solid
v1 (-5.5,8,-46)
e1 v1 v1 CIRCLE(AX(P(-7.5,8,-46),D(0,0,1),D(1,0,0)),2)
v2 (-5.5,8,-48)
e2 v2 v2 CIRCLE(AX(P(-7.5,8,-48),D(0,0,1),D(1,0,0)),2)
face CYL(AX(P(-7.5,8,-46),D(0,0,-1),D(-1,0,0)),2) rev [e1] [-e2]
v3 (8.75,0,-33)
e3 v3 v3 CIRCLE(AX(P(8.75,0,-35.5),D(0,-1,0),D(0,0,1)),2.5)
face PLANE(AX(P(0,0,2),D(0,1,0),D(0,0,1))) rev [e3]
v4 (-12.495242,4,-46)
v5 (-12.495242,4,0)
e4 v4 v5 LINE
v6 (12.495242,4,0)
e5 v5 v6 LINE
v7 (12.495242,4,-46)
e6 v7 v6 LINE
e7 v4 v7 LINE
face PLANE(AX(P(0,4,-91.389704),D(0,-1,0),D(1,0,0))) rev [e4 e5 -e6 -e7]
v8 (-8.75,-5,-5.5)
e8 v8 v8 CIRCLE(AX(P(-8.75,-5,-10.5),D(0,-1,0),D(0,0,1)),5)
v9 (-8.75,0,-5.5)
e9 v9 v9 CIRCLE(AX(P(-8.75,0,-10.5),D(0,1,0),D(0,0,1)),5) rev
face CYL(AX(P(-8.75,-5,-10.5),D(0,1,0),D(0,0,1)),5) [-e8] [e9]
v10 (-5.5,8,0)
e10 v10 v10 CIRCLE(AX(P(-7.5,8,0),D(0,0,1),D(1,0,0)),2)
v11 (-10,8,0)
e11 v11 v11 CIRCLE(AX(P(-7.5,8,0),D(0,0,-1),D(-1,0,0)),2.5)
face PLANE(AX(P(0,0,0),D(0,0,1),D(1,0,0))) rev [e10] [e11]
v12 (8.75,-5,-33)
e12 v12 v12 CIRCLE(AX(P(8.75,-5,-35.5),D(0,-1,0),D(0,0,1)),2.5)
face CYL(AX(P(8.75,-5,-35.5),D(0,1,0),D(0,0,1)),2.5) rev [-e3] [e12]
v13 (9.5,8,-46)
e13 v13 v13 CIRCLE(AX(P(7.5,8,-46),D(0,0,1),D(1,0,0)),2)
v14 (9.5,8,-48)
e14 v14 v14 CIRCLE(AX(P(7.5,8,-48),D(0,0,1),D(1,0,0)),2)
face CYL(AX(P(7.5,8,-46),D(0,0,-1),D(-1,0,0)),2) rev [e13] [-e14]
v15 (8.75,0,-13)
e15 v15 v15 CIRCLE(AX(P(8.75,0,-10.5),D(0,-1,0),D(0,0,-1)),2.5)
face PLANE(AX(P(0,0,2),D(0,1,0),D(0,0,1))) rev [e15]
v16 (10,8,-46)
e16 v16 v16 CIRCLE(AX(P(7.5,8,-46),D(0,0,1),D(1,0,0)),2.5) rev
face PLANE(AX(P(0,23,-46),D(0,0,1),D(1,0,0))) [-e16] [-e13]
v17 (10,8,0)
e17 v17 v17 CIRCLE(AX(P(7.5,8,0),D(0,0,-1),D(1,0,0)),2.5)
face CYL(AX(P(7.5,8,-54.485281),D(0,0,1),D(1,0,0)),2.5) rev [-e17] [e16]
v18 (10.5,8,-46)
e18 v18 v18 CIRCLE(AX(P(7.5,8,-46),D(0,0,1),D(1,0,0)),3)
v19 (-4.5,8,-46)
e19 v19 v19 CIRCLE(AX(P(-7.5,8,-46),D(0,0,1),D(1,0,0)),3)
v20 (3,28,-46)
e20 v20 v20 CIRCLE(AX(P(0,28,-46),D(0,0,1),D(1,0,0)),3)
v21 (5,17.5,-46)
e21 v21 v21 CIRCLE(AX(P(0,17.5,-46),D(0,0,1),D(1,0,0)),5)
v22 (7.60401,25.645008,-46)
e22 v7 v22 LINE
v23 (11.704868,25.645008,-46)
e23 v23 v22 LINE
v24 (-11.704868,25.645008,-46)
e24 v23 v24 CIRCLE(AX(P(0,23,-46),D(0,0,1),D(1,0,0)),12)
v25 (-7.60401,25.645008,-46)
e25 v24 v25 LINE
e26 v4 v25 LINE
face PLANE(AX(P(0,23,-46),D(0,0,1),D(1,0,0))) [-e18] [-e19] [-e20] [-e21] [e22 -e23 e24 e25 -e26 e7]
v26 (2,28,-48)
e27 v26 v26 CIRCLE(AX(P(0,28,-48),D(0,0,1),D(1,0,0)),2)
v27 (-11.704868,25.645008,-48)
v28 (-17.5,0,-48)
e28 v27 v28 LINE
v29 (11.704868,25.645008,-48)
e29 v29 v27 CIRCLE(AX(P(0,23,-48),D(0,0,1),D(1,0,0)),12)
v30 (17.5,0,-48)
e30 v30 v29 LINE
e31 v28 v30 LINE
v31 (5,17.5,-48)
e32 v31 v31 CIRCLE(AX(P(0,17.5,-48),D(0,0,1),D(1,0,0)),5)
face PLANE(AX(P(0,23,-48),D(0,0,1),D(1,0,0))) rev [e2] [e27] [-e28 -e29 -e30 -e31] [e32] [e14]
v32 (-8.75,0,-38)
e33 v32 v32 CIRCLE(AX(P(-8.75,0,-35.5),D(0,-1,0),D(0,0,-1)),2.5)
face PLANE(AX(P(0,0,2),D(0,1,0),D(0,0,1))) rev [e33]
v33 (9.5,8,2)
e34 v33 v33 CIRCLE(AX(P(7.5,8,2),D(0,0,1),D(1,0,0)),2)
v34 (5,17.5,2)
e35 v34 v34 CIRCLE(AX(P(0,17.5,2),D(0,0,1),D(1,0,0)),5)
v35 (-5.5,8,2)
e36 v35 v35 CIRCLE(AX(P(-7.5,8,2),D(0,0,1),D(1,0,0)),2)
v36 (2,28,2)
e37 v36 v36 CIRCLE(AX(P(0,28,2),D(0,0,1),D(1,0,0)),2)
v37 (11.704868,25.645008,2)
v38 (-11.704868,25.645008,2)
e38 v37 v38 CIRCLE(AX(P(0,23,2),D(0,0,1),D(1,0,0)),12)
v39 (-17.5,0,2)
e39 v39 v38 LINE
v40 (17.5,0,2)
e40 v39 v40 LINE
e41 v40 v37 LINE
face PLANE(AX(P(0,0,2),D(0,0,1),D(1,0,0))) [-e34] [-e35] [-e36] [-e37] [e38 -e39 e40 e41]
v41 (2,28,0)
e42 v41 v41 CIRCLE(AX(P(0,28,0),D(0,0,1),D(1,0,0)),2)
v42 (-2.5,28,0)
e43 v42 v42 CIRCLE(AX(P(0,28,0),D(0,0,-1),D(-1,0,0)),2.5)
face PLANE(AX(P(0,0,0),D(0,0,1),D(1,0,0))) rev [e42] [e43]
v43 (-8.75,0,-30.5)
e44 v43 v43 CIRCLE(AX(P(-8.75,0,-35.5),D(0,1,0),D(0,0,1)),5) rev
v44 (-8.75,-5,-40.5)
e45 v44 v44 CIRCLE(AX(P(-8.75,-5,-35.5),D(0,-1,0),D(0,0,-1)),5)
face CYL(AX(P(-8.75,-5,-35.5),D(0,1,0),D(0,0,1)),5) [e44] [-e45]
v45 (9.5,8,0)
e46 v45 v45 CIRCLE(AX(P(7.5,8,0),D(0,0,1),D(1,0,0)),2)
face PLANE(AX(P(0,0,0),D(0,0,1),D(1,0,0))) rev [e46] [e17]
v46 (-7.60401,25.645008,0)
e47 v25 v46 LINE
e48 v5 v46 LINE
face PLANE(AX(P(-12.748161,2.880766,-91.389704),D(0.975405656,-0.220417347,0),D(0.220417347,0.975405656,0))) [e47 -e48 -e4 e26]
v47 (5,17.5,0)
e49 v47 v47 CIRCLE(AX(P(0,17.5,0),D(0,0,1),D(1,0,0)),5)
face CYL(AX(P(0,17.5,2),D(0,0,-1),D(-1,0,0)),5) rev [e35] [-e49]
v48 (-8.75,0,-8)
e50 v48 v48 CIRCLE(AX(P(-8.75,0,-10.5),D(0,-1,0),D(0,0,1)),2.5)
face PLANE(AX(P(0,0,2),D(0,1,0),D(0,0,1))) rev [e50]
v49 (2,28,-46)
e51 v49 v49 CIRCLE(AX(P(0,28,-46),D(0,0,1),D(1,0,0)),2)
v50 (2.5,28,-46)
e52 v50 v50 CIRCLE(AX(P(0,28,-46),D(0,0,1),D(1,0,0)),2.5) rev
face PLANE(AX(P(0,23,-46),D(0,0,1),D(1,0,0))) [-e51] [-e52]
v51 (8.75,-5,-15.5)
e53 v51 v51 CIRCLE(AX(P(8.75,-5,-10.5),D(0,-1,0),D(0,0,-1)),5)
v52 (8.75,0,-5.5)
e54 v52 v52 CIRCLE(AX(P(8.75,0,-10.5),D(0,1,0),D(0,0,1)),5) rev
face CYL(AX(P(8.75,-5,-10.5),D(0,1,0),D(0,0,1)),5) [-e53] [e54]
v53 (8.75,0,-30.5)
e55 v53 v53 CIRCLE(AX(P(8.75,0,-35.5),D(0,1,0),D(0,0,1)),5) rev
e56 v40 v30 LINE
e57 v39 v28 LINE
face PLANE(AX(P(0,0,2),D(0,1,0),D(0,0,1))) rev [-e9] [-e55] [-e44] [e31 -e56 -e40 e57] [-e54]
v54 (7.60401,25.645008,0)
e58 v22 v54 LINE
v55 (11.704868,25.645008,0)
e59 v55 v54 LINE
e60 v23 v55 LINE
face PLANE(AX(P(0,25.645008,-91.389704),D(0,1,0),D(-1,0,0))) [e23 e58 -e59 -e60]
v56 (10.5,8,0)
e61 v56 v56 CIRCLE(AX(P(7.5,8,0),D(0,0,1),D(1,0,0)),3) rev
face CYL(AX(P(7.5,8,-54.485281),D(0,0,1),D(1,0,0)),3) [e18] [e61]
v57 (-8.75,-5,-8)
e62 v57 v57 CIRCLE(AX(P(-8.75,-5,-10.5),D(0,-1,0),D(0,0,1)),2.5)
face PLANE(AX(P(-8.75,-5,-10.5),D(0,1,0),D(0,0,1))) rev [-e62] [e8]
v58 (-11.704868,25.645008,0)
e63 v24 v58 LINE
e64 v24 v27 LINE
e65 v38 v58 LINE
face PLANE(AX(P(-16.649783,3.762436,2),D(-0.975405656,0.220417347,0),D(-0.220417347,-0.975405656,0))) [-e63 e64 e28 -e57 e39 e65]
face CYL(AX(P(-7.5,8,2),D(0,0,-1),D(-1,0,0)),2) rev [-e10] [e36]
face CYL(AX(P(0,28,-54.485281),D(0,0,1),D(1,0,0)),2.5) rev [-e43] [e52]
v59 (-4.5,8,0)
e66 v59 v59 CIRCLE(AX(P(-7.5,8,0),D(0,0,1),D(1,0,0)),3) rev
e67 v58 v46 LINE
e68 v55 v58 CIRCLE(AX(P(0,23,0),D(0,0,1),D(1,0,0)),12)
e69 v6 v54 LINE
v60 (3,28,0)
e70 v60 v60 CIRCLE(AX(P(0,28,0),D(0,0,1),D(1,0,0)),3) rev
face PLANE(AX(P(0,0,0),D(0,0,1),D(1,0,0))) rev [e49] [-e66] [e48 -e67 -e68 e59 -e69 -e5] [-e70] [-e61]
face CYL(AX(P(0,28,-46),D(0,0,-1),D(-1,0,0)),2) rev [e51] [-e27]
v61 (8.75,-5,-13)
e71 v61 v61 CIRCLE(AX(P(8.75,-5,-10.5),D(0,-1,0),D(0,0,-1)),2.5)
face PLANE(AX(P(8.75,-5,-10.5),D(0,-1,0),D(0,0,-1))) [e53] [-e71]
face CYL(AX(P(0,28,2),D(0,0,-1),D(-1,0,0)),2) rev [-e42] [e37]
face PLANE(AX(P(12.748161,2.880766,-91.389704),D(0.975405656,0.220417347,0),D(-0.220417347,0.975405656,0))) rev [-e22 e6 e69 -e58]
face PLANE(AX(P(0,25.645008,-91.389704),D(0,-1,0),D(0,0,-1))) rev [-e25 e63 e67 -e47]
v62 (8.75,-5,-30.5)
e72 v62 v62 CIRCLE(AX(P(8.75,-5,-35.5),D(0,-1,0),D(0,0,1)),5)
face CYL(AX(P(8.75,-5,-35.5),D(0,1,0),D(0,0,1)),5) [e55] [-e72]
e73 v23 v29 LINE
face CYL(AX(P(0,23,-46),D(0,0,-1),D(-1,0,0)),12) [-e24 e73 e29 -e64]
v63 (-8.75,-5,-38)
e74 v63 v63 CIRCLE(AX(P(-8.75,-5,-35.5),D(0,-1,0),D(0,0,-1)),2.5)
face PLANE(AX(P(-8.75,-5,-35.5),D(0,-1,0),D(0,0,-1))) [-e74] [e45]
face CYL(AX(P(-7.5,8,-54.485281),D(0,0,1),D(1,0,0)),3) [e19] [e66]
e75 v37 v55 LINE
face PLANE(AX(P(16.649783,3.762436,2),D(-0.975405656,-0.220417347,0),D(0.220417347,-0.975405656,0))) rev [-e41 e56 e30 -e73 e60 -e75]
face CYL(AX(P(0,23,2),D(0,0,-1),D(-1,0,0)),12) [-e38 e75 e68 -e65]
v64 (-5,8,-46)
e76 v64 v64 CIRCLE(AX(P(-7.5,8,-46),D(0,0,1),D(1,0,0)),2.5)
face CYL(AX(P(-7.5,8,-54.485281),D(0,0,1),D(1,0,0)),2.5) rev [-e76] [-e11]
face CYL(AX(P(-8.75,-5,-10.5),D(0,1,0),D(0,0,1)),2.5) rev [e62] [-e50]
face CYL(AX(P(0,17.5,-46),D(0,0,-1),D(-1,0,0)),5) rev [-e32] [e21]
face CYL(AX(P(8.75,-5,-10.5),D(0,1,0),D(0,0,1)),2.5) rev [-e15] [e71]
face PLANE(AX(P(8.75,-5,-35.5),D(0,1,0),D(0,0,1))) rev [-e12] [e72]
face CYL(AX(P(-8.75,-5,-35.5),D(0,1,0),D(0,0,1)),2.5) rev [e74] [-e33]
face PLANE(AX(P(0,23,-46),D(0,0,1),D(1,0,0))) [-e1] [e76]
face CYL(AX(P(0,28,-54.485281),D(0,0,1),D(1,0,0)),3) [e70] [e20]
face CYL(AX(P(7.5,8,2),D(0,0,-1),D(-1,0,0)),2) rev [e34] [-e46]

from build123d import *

# Parameters (mm, degrees)
SKETCH1_R           = 5
SKETCH1_R_2         = 2
BOSS_EXTRUDE1_DEPTH = 2
SKETCH2_R           = 2
SKETCH2_R_2         = 5
BOSS_EXTRUDE2_DEPTH = 2
SKETCH4_R           = 3
SKETCH4_R_2         = 2.5
BOSS_EXTRUDE4_DEPTH = 46
BOSS_EXTRUDE5_REACH = 63.929
SKETCH8_R           = 5
SKETCH8_R_2         = 2.5
BOSS_EXTRUDE6_DEPTH = 5


with BuildPart() as part:
    # Sketch1 → Boss-Extrude1 (new body)
    with BuildSketch(Plane.XY):
        with BuildLine():
            Line((-17.5, 0), (17.5, 0))
            Line((17.5, 0), (11.704867869, 25.645008161))
            ThreePointArc((11.704867869, 25.645008161), (0, 35), (-11.704867869, 25.645008161))
            Line((-11.704867869, 25.645008161), (-17.5, 0))
        make_face()
        with Locations((0, 17.5)):
            Circle(SKETCH1_R, mode=Mode.SUBTRACT)
        with Locations((7.5, 8)):
            Circle(SKETCH1_R_2, mode=Mode.SUBTRACT)
        with Locations((-7.5, 8)):
            Circle(SKETCH1_R_2, mode=Mode.SUBTRACT)
        with Locations((0, 28)):
            Circle(SKETCH1_R_2, mode=Mode.SUBTRACT)
    extrude(amount=BOSS_EXTRUDE1_DEPTH)



with BuildPart() as body_2:
    # Sketch2 → Boss-Extrude2 (new body)
    with BuildSketch(Plane.XY.offset(-48)):
        with BuildLine():
            Line((17.5, 0), (11.704867869, 25.645008161))
            ThreePointArc((11.704867869, 25.645008161), (0, 35), (-11.704867869, 25.645008161))
            Line((-11.704867869, 25.645008161), (-17.5, 0))
            Line((-17.5, 0), (17.5, 0))
        make_face()
        with Locations((-7.5, 8)):
            Circle(SKETCH2_R, mode=Mode.SUBTRACT)
        with Locations((7.5, 8)):
            Circle(SKETCH2_R, mode=Mode.SUBTRACT)
        with Locations((0, 17.5)):
            Circle(SKETCH2_R_2, mode=Mode.SUBTRACT)
        with Locations((0, 28)):
            Circle(SKETCH2_R, mode=Mode.SUBTRACT)
    extrude(amount=BOSS_EXTRUDE2_DEPTH)


with BuildPart() as part_1:
    add(part.part)

    add(body_2.part)  # Boss-Extrude4 merges body 2
    # Sketch4 → Boss-Extrude4 (add)
    # profile 1 of 3: a face of its own
    with BuildSketch(Plane(origin=(0, 0, 0), x_dir=(-1, 0, 0), z_dir=(0, 0, -1))):
        with Locations(Location((7.5, 8, 0), (0, 0, 180))):
            Circle(SKETCH4_R)
        with Locations(Location((7.5, 8, 0), (0, 0, 180))):
            Circle(SKETCH4_R_2, mode=Mode.SUBTRACT)
    # profile 2 of 3: a face of its own
    with BuildSketch(Plane(origin=(0, 0, 0), x_dir=(-1, 0, 0), z_dir=(0, 0, -1))):
        with Locations(Location((0, 28, 0), (0, 0, 180))):
            Circle(SKETCH4_R)
        with Locations(Location((0, 28, 0), (0, 0, 180))):
            Circle(SKETCH4_R_2, mode=Mode.SUBTRACT)
    # profile 3 of 3: a face of its own
    with BuildSketch(Plane(origin=(0, 0, 0), x_dir=(-1, 0, 0), z_dir=(0, 0, -1))):
        with Locations(Location((-7.5, 8, 0), (0, 0, 180))):
            Circle(SKETCH4_R)
        with Locations(Location((-7.5, 8, 0), (0, 0, 180))):
            Circle(SKETCH4_R_2, mode=Mode.SUBTRACT)
    extrude(amount=BOSS_EXTRUDE4_DEPTH)

    # Sketch3 → Boss-Extrude5 (add, up to next)
    with BuildSketch(Plane(origin=(0, 0, 0), x_dir=(-1, 0, 0), z_dir=(0, 0, -1)), mode=Mode.PRIVATE) as boss_extrude5_sk1:
        Polygon((12.495241869, 4), (16.59609978, 4), (11.704867869, 25.645008161), (7.604009958, 25.645008161), align=None)
    boss_extrude5_tool1 = extrude(boss_extrude5_sk1.sketch, amount=BOSS_EXTRUDE5_REACH, mode=Mode.PRIVATE) - part_1.part
    # Sketch3 → Boss-Extrude5 (add, up to next)
    with BuildSketch(Plane(origin=(0, 0, 0), x_dir=(-1, 0, 0), z_dir=(0, 0, -1)), mode=Mode.PRIVATE) as boss_extrude5_sk2:
        Polygon((-16.59609978, 4), (-12.495241869, 4), (-7.604009958, 25.645008161), (-11.704867869, 25.645008161), align=None)
    boss_extrude5_tool2 = extrude(boss_extrude5_sk2.sketch, amount=BOSS_EXTRUDE5_REACH, mode=Mode.PRIVATE) - part_1.part
    # Sketch3 → Boss-Extrude5 (add, up to next)
    with BuildSketch(Plane(origin=(0, 0, 0), x_dir=(-1, 0, 0), z_dir=(0, 0, -1)), mode=Mode.PRIVATE) as boss_extrude5_sk3:
        Polygon((17.5, 0), (16.59609978, 4), (12.495241869, 4), (-12.495241869, 4), (-16.59609978, 4), (-17.5, 0), align=None)
    boss_extrude5_tool3 = extrude(boss_extrude5_sk3.sketch, amount=BOSS_EXTRUDE5_REACH, mode=Mode.PRIVATE) - part_1.part
    add(boss_extrude5_tool1.solids().sort_by_distance((-12.100055, 14.822504, 0))[0])
    add(boss_extrude5_tool2.solids().sort_by_distance((12.100055, 14.822504, 0))[0])
    add(boss_extrude5_tool3.solids().sort_by_distance((0, 1.982326, 0))[0])

    # Sketch8 → Boss-Extrude6 (add)
    # profile 1 of 4: a face of its own
    with BuildSketch(Plane.XZ):
        with Locations(Location((8.75, -10.5, 0), (0, 0, 90))):
            Circle(SKETCH8_R)
        with Locations(Location((8.75, -10.5, 0), (0, 0, 270))):
            Circle(SKETCH8_R_2, mode=Mode.SUBTRACT)
    # profile 2 of 4: a face of its own
    with BuildSketch(Plane.XZ):
        with Locations(Location((8.75, -35.5, 0), (0, 0, 90))):
            Circle(SKETCH8_R)
        with Locations(Location((8.75, -35.5, 0), (0, 0, 90))):
            Circle(SKETCH8_R_2, mode=Mode.SUBTRACT)
    # profile 3 of 4: a face of its own
    with BuildSketch(Plane.XZ):
        with Locations(Location((-8.75, -35.5, 0), (0, 0, 90))):
            Circle(SKETCH8_R)
        with Locations(Location((-8.75, -35.5, 0), (0, 0, 270))):
            Circle(SKETCH8_R_2, mode=Mode.SUBTRACT)
    # profile 4 of 4: a face of its own
    with BuildSketch(Plane.XZ):
        with Locations(Location((-8.75, -10.5, 0), (0, 0, 90))):
            Circle(SKETCH8_R)
        with Locations(Location((-8.75, -10.5, 0), (0, 0, 90))):
            Circle(SKETCH8_R_2, mode=Mode.SUBTRACT)
    extrude(amount=BOSS_EXTRUDE6_DEPTH)


solid = part_1.part
